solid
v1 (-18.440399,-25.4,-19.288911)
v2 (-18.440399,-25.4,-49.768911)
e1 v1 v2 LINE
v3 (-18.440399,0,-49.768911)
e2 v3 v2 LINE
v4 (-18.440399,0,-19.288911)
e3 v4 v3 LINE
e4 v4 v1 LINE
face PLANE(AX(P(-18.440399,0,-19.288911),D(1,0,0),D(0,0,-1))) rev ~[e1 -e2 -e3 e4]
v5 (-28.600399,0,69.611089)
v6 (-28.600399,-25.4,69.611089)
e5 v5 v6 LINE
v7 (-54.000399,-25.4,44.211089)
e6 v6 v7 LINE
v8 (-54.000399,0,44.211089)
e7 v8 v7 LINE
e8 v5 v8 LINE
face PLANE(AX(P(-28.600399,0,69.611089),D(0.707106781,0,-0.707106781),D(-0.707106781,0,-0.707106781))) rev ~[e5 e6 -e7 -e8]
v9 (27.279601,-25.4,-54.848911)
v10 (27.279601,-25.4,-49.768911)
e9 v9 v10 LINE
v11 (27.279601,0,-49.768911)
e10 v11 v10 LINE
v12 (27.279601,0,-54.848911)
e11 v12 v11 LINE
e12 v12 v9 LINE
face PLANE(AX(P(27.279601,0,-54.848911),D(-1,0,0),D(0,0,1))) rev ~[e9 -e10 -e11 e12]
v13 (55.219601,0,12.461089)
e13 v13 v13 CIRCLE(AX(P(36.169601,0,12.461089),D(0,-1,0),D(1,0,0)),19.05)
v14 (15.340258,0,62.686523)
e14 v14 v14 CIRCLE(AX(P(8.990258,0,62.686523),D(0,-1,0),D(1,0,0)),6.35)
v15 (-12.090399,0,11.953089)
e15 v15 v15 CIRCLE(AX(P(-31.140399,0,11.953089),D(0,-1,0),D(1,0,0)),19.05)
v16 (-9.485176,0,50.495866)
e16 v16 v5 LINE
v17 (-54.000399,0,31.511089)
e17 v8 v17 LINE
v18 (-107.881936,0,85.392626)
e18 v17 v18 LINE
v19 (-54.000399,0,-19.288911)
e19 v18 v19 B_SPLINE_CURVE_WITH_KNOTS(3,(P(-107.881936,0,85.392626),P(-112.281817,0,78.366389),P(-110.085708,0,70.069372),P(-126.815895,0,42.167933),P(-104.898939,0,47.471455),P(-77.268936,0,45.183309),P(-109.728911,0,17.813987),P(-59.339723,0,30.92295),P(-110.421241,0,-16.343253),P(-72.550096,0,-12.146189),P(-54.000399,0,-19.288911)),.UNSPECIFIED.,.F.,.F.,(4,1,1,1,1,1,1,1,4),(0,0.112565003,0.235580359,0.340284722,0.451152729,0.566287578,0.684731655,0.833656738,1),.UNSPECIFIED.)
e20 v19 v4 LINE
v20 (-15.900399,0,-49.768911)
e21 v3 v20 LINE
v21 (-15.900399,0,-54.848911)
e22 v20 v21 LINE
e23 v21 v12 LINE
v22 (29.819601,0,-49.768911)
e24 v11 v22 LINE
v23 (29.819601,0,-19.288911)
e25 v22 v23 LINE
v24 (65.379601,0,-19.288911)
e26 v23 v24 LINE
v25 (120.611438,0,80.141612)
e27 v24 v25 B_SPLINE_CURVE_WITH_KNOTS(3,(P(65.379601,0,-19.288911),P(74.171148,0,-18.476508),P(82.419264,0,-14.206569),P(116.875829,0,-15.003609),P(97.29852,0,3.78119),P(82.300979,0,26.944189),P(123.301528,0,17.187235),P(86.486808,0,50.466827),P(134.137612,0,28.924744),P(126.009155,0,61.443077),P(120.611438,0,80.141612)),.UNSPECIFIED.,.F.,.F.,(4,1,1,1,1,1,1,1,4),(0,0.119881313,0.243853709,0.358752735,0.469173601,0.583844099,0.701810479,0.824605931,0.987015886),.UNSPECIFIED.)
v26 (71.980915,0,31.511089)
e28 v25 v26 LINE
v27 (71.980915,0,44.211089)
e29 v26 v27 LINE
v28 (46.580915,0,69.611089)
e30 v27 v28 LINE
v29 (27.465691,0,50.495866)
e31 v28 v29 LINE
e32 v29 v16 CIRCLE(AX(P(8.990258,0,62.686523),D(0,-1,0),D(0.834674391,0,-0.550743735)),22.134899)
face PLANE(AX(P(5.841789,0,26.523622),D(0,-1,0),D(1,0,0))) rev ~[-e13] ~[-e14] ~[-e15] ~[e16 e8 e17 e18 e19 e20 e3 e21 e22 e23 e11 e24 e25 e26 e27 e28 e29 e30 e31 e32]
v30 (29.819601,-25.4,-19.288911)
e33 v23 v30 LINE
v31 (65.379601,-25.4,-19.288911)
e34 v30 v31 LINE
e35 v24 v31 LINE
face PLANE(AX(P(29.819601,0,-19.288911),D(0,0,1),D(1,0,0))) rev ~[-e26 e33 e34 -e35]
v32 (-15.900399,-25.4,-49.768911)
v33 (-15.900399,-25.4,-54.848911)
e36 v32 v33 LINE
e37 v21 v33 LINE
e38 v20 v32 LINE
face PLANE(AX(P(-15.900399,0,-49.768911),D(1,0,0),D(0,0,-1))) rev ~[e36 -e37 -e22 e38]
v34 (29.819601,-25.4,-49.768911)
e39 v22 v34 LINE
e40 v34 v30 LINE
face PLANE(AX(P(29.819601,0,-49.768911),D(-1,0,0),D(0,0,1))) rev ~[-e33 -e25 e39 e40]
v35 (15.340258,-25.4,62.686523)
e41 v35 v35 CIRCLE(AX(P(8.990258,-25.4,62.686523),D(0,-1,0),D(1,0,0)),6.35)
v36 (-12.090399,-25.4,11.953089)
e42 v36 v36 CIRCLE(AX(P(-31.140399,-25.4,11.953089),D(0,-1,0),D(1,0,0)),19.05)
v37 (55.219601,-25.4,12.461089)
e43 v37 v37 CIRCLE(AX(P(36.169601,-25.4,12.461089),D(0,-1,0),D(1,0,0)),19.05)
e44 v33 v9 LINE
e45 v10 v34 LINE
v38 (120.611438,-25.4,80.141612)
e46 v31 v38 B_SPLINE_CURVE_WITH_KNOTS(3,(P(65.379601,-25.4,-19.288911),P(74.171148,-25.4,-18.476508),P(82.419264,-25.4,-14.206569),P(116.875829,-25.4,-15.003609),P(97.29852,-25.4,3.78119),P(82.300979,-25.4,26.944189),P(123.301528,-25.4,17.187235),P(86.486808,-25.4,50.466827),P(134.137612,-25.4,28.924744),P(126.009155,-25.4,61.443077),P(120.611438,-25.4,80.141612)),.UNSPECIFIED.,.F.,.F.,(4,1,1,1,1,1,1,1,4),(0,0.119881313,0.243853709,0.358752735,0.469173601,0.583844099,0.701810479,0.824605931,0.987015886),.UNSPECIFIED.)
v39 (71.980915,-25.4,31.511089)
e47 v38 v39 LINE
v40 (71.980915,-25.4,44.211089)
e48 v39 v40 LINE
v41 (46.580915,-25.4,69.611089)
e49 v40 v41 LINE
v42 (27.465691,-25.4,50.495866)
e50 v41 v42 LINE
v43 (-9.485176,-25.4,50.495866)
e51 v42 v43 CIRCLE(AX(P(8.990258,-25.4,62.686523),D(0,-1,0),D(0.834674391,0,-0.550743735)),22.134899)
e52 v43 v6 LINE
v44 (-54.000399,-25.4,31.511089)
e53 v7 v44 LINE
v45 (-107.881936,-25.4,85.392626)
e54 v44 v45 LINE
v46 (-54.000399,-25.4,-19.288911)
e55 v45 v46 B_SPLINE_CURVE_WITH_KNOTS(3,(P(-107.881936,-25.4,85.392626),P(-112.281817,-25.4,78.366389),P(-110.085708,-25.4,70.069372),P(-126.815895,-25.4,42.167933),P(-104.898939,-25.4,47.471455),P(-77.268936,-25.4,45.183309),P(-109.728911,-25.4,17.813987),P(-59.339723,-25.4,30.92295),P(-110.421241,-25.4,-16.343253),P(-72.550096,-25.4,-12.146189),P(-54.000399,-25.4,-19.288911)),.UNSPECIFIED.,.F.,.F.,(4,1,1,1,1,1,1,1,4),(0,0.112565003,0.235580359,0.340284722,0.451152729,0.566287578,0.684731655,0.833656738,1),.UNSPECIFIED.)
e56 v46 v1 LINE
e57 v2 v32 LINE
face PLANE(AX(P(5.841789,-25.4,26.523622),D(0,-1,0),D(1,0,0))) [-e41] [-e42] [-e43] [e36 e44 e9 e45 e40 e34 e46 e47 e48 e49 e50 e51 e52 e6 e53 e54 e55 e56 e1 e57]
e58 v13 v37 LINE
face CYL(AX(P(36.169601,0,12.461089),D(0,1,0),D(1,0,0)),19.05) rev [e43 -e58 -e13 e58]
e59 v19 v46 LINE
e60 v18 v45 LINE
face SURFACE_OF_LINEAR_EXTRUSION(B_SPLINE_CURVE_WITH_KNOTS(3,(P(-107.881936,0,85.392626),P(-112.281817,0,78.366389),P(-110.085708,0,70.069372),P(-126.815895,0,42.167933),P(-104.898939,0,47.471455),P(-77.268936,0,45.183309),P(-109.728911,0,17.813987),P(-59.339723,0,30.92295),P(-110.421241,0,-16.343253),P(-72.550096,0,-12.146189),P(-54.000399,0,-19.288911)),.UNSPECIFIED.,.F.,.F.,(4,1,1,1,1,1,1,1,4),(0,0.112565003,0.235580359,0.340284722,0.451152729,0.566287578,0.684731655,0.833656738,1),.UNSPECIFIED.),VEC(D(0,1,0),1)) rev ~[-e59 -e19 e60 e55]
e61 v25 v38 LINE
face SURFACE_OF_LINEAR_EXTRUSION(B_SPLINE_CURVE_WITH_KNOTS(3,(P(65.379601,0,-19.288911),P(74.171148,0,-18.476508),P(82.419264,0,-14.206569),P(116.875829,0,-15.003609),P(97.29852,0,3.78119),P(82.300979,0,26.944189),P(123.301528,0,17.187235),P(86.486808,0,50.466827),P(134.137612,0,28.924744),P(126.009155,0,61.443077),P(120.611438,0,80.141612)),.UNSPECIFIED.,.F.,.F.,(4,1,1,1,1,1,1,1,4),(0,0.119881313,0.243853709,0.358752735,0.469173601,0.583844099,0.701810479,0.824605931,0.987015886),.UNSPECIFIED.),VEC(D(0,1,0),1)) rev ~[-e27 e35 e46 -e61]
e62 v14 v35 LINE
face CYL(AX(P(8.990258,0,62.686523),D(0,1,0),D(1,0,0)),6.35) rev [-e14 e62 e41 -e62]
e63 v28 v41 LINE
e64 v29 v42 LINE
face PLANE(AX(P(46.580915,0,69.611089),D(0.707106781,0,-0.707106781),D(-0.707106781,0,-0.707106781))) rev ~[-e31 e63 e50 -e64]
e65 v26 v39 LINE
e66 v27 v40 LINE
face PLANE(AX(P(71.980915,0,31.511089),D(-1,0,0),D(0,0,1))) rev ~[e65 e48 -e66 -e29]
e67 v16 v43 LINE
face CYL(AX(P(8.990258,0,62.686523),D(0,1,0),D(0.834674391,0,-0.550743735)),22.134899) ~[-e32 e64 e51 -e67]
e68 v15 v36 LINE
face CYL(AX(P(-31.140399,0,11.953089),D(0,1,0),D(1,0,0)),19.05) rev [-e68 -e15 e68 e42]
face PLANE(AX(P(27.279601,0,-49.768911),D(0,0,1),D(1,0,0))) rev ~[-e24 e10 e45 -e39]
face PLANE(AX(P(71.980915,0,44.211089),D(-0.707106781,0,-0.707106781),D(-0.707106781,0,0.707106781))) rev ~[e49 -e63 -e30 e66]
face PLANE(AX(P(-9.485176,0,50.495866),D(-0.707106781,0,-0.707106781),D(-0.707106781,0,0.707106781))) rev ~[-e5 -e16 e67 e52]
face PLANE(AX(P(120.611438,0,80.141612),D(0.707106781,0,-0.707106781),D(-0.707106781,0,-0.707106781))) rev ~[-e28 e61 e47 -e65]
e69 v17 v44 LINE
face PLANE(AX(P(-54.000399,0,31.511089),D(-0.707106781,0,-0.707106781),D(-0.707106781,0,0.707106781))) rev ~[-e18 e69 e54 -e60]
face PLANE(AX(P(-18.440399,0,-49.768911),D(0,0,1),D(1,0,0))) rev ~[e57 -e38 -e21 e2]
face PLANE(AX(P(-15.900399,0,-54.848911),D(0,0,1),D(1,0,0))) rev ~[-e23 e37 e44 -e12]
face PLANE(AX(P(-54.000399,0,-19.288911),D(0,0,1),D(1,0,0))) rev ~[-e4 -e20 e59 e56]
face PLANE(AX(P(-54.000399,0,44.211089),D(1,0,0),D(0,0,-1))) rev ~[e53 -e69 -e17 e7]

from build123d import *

# Parameters (mm, degrees)
F0_R     = 19.05
F0_R_2   = 6.35
F1_DEPTH = 25.4


with BuildPart() as f1:
    # F0 (on Front) → F1 (new body)
    with BuildSketch(Plane.XZ):
        with BuildLine():
            Line((-31.1403993189, -19.2889107381), (-18.4403993189, -19.2889107381))
            Line((-18.4403993189, -19.2889107381), (-18.4403993189, -49.7689107381))
            Line((-18.4403993189, -49.7689107381), (-15.9003993189, -49.7689107381))
            Line((-15.9003993189, -49.7689107381), (-15.9003993189, -54.8489107381))
            Line((-15.9003993189, -54.8489107381), (27.2796006811, -54.8489107381))
            Line((27.2796006811, -54.8489107381), (27.2796006811, -49.7689107381))
            Line((27.2796006811, -49.7689107381), (29.8196006811, -49.7689107381))
            Line((29.8196006811, -49.7689107381), (29.8196006811, -19.2889107381))
            Line((29.8196006811, -19.2889107381), (36.1696006811, -19.2889107381))
            Line((36.1696006811, -19.2889107381), (65.3796006811, -19.2889107381))
            add(Edge.make_bspline(
                [(65.3796006811, -19.2889107381), (74.1711477056, -18.4765076882), (82.4192640819, -14.20656882), (116.8758285004, -15.0036093337), (97.2985200049, 3.7811899612), (82.3009794217, 26.9441888583), (123.3015282631, 17.1872348013), (86.4868084349, 50.4668270695), (134.1376124005, 28.9247435809), (126.009155263, 61.4430774902), (120.6114375598, 80.1416121068)],
                knots=[0, 0, 0, 0, 0.1198813127, 0.2438537091, 0.3587527346, 0.4691736005, 0.5838440992, 0.7018104794, 0.8246059311, 0.9870158859, 0.9870158859, 0.9870158859, 0.9870158859], degree=3))
            Line((120.6114375598, 80.1416121068), (71.9809147149, 31.5110892619))
            Line((71.9809147149, 31.5110892619), (71.9809147149, 44.2110892619))
            Line((71.9809147149, 44.2110892619), (46.5809147149, 69.6110892619))
            Line((46.5809147149, 69.6110892619), (27.4656911399, 50.4958656869))
            ThreePointArc((27.4656911399, 50.4958656869), (8.990257698, 84.8214218311), (-9.4851757439, 50.4958656869))
            Line((-9.4851757439, 50.4958656869), (-28.6003993189, 69.6110892619))
            Line((-28.6003993189, 69.6110892619), (-54.0003993189, 44.2110892619))
            Line((-54.0003993189, 44.2110892619), (-54.0003993189, 31.5110892619))
            Line((-54.0003993189, 31.5110892619), (-107.8819360453, 85.3926259883))
            add(Edge.make_bspline(
                [(-107.8819360453, 85.3926259883), (-112.2818173927, 78.3663890112), (-110.085708008, 70.0693718999), (-126.8158954841, 42.1679327702), (-104.898938529, 47.4714553572), (-77.2689362901, 45.1833089905), (-109.7289109331, 17.813986501), (-59.3397233326, 30.922949596), (-110.4212413639, -16.343253291), (-72.5500955974, -12.1461893014), (-54.0003993189, -19.2889107381)],
                knots=[0, 0, 0, 0, 0.1125650032, 0.2355803588, 0.3402847219, 0.4511527294, 0.5662875782, 0.684731655, 0.8336567375, 1, 1, 1, 1], degree=3))
            Line((-54.0003993189, -19.2889107381), (-31.1403993189, -19.2889107381))
        make_face()
        with Locations((-31.1403993189, 11.9530892619)):
            Circle(F0_R, mode=Mode.SUBTRACT)
        with Locations((36.1696006811, 12.4610892619)):
            Circle(F0_R, mode=Mode.SUBTRACT)
        with BuildLine():
            ThreePointArc((-3.2003993189, 44.2110892619), (-6.6614795757, 47.0347854301), (-9.4851757439, 50.4958656869))
            Line((-9.4851757439, 50.4958656869), (-3.2003993189, 44.2110892619))
        make_face(mode=Mode.SUBTRACT)
        with BuildLine():
            Line((21.1809147149, 44.2110892619), (27.4656911399, 50.4958656869))
            ThreePointArc((27.4656911399, 50.4958656869), (24.6419949717, 47.0347854301), (21.1809147149, 44.2110892619))
        make_face(mode=Mode.SUBTRACT)
        with Locations((8.990257698, 62.6865227039)):
            Circle(F0_R_2, mode=Mode.SUBTRACT)
        with BuildLine():
            ThreePointArc((21.1809147149, 44.2110892619), (24.6419949717, 47.0347854301), (27.4656911399, 50.4958656869))
            Line((27.4656911399, 50.4958656869), (21.1809147149, 44.2110892619))
        make_face()
        with BuildLine():
            Line((-3.2003993189, 44.2110892619), (-9.4851757439, 50.4958656869))
            ThreePointArc((-9.4851757439, 50.4958656869), (-6.6614795757, 47.0347854301), (-3.2003993189, 44.2110892619))
        make_face()
    extrude(amount=F1_DEPTH)


solid = f1.part
